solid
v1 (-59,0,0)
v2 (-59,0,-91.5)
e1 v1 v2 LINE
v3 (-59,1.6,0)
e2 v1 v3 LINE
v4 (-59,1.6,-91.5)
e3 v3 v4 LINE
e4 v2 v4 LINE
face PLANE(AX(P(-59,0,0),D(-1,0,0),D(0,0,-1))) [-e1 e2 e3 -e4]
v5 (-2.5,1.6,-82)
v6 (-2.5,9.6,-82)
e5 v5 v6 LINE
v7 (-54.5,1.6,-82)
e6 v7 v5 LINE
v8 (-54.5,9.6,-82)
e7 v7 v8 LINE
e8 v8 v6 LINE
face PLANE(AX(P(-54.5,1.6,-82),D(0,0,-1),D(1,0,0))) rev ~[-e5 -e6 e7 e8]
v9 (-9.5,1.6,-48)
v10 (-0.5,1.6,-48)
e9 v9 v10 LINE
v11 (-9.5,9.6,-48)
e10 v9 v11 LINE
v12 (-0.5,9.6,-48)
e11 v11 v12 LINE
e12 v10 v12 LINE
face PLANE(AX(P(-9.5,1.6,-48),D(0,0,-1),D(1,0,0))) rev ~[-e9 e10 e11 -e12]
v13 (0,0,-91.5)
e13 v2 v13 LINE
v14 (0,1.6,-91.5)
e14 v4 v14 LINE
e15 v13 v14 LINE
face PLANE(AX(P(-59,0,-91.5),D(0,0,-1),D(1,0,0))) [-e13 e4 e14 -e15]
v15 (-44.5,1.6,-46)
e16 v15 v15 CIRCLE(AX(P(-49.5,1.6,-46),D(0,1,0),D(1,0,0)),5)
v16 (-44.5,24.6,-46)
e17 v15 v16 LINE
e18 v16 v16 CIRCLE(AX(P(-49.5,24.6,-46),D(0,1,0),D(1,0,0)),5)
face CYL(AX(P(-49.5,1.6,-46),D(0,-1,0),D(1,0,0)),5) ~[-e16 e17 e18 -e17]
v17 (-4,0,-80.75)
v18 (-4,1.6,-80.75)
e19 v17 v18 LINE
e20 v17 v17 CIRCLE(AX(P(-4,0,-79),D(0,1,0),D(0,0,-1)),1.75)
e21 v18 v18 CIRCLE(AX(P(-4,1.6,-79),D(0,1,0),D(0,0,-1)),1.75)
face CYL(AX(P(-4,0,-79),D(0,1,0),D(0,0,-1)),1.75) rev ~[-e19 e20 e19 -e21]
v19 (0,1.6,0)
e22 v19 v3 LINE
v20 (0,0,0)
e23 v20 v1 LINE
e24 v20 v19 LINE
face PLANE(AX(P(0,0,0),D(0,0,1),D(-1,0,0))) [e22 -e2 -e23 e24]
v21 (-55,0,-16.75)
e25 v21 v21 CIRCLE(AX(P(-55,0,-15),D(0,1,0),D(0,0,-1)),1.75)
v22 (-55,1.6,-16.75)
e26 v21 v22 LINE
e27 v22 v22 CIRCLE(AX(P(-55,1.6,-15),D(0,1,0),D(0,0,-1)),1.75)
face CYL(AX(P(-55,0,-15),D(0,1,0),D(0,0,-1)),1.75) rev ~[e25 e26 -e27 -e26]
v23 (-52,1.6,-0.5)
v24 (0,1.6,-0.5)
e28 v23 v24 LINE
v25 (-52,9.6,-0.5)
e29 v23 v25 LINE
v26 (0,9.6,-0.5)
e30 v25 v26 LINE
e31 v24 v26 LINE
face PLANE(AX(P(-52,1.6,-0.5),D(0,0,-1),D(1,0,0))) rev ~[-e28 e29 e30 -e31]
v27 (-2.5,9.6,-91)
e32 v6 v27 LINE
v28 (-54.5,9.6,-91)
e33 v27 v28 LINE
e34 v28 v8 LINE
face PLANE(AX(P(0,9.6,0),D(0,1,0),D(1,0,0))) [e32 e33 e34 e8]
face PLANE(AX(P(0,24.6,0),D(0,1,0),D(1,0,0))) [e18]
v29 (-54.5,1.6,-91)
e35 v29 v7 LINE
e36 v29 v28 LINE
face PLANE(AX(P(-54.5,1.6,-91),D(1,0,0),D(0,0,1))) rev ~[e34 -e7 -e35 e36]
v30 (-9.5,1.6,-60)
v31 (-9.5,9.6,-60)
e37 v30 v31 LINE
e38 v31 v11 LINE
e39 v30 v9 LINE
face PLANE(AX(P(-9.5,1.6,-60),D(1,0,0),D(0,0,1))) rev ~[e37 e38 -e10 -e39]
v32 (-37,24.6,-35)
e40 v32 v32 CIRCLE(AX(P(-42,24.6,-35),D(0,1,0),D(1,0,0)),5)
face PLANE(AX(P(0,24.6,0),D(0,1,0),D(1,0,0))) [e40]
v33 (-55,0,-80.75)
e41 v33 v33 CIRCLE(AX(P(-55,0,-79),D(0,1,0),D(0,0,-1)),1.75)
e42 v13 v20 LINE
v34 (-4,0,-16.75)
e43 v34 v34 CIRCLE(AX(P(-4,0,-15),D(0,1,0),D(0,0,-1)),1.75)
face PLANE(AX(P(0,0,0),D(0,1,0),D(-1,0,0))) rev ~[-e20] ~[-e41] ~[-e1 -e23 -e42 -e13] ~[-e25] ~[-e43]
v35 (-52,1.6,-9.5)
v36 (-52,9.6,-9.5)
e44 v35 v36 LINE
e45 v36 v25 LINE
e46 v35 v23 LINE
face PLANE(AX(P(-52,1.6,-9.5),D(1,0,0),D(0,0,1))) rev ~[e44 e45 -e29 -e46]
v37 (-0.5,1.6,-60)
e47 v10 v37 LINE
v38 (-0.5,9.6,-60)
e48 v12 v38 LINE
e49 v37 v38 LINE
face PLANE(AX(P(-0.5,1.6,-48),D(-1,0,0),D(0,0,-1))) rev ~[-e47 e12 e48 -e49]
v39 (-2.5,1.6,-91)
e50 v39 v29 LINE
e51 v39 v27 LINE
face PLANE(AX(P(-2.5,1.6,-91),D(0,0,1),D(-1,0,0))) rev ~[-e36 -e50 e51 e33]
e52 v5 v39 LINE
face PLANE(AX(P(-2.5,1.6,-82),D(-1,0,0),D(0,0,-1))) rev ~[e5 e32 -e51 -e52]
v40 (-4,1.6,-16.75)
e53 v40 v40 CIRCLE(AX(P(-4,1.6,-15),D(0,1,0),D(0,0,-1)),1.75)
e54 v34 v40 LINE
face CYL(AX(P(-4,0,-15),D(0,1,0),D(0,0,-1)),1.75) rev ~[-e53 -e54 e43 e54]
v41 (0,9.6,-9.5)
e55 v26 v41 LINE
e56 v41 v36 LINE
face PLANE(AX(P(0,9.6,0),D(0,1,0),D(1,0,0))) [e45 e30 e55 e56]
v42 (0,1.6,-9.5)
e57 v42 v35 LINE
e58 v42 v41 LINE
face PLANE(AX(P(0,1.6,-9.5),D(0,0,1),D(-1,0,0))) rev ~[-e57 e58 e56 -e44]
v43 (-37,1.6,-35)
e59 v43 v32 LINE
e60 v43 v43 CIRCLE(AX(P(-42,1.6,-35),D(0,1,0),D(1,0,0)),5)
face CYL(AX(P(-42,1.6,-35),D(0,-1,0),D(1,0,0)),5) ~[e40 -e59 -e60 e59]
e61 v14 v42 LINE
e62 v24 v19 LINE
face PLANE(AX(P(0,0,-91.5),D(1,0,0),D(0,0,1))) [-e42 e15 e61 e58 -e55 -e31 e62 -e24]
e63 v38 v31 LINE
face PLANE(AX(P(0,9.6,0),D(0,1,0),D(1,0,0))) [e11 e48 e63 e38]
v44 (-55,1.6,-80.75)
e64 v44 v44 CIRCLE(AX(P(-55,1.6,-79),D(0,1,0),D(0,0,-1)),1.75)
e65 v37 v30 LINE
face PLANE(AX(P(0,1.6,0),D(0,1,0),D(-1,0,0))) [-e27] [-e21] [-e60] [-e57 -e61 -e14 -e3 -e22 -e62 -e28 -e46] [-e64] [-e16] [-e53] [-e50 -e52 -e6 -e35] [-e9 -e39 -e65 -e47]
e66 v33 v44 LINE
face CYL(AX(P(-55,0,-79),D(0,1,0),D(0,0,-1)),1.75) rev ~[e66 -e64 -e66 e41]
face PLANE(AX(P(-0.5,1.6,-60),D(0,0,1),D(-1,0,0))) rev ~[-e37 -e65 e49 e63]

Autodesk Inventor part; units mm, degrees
ref_plane "YZ Plane" through (0, 0, 0) normal (1, 0, 0) x (0, 1, 0)
ref_plane "XZ Plane" through (0, 0, 0) normal (0, 1, 0) x (-1, 0, 0)
ref_plane "XY Plane" through (0, 0, 0) normal (0, 0, 1) x (1, 0, 0)
sketch "Sketch1" plane through (0, 0, 0) normal (0, 1, 0) x (-1, 0, 0)
  line L0 (0, 0) -> (59, 0)
  line L1 (59, 0) -> (59, -91.5)
  line L2 (59, -91.5) -> (0, -91.5)
  line L3 (0, -91.5) -> (0, 0)
  line L4 (4, -15) -> (55, -15) construction
  line L5 (55, -15) -> (55, -79) construction
  line L6 (55, -79) -> (4, -79) construction
  line L7 (4, -79) -> (4, -15) construction
  dimension "d0" = 59
  dimension "d1" = 91.5
  dimension "d2" = 51
  dimension "d3" = 64
  dimension "d4" = 12.5
  dimension "d5" = 4
extrude "Extrusion1" add sketch "Sketch1" along normal blind 1.6
hole "Hole1" at (-55, 0, -15) at (-55, 0, -79) at (-4, 0, -79) at (-4, 0, -15) direction (0, 1, 0) diameter 3.5 end through all
sketch "Sketch2" plane through (0, 1.6, 0) normal (0, 1, 0) x (1, 0, 0)
  circle A0 centre (-49.5, 46) radius 5
  circle A1 centre (-42, 35) radius 5
  line L0 (-59, 0) -> (0, 0) projected
  line L1 (-59, 91.5) -> (-59, 0) projected
  line L2 (-52, 0.5) -> (0, 0.5)
  line L3 (0, 0.5) -> (0, 9.5)
  line L4 (0, 9.5) -> (-52, 9.5)
  line L5 (-52, 9.5) -> (-52, 0.5)
  line L6 (-54.5, 82) -> (-2.5, 82)
  line L7 (-2.5, 82) -> (-2.5, 91)
  line L8 (-2.5, 91) -> (-54.5, 91)
  line L9 (-54.5, 91) -> (-54.5, 82)
  line L10 (-9.5, 48) -> (-0.5, 48)
  line L11 (-0.5, 48) -> (-0.5, 60)
  line L12 (-0.5, 60) -> (-9.5, 60)
  line L13 (-9.5, 60) -> (-9.5, 48)
  line L14 (0, 0) -> (0, 91.5) projected
  dimension "d15" = 10
  dimension "d16" = 10
  dimension "d18" = 46
  dimension "d19" = 9.5
  dimension "d20" = 35
  dimension "d21" = 17
  dimension "d22" = 52
  dimension "d23" = 9
  dimension "d24" = 7
  dimension "d25" = 9.5
  dimension "d26" = 52
  dimension "d27" = 9
  dimension "d28" = 9.5
  dimension "d29" = 4.5
  dimension "d30" = 9
  dimension "d31" = 12
  dimension "d32" = 9.5
  dimension "d33" = 48
extrude "Extrusion2" add sketch "Sketch2" along normal blind 23 contours A0 | A1
extrude "Extrusion3" add sketch "Sketch2" along normal blind 8 contours L5 L4 L3 L2 | L9 L8 L7 L6 | L13 L12 L11 L10
properties part number "Switch Mode PS PCB"
